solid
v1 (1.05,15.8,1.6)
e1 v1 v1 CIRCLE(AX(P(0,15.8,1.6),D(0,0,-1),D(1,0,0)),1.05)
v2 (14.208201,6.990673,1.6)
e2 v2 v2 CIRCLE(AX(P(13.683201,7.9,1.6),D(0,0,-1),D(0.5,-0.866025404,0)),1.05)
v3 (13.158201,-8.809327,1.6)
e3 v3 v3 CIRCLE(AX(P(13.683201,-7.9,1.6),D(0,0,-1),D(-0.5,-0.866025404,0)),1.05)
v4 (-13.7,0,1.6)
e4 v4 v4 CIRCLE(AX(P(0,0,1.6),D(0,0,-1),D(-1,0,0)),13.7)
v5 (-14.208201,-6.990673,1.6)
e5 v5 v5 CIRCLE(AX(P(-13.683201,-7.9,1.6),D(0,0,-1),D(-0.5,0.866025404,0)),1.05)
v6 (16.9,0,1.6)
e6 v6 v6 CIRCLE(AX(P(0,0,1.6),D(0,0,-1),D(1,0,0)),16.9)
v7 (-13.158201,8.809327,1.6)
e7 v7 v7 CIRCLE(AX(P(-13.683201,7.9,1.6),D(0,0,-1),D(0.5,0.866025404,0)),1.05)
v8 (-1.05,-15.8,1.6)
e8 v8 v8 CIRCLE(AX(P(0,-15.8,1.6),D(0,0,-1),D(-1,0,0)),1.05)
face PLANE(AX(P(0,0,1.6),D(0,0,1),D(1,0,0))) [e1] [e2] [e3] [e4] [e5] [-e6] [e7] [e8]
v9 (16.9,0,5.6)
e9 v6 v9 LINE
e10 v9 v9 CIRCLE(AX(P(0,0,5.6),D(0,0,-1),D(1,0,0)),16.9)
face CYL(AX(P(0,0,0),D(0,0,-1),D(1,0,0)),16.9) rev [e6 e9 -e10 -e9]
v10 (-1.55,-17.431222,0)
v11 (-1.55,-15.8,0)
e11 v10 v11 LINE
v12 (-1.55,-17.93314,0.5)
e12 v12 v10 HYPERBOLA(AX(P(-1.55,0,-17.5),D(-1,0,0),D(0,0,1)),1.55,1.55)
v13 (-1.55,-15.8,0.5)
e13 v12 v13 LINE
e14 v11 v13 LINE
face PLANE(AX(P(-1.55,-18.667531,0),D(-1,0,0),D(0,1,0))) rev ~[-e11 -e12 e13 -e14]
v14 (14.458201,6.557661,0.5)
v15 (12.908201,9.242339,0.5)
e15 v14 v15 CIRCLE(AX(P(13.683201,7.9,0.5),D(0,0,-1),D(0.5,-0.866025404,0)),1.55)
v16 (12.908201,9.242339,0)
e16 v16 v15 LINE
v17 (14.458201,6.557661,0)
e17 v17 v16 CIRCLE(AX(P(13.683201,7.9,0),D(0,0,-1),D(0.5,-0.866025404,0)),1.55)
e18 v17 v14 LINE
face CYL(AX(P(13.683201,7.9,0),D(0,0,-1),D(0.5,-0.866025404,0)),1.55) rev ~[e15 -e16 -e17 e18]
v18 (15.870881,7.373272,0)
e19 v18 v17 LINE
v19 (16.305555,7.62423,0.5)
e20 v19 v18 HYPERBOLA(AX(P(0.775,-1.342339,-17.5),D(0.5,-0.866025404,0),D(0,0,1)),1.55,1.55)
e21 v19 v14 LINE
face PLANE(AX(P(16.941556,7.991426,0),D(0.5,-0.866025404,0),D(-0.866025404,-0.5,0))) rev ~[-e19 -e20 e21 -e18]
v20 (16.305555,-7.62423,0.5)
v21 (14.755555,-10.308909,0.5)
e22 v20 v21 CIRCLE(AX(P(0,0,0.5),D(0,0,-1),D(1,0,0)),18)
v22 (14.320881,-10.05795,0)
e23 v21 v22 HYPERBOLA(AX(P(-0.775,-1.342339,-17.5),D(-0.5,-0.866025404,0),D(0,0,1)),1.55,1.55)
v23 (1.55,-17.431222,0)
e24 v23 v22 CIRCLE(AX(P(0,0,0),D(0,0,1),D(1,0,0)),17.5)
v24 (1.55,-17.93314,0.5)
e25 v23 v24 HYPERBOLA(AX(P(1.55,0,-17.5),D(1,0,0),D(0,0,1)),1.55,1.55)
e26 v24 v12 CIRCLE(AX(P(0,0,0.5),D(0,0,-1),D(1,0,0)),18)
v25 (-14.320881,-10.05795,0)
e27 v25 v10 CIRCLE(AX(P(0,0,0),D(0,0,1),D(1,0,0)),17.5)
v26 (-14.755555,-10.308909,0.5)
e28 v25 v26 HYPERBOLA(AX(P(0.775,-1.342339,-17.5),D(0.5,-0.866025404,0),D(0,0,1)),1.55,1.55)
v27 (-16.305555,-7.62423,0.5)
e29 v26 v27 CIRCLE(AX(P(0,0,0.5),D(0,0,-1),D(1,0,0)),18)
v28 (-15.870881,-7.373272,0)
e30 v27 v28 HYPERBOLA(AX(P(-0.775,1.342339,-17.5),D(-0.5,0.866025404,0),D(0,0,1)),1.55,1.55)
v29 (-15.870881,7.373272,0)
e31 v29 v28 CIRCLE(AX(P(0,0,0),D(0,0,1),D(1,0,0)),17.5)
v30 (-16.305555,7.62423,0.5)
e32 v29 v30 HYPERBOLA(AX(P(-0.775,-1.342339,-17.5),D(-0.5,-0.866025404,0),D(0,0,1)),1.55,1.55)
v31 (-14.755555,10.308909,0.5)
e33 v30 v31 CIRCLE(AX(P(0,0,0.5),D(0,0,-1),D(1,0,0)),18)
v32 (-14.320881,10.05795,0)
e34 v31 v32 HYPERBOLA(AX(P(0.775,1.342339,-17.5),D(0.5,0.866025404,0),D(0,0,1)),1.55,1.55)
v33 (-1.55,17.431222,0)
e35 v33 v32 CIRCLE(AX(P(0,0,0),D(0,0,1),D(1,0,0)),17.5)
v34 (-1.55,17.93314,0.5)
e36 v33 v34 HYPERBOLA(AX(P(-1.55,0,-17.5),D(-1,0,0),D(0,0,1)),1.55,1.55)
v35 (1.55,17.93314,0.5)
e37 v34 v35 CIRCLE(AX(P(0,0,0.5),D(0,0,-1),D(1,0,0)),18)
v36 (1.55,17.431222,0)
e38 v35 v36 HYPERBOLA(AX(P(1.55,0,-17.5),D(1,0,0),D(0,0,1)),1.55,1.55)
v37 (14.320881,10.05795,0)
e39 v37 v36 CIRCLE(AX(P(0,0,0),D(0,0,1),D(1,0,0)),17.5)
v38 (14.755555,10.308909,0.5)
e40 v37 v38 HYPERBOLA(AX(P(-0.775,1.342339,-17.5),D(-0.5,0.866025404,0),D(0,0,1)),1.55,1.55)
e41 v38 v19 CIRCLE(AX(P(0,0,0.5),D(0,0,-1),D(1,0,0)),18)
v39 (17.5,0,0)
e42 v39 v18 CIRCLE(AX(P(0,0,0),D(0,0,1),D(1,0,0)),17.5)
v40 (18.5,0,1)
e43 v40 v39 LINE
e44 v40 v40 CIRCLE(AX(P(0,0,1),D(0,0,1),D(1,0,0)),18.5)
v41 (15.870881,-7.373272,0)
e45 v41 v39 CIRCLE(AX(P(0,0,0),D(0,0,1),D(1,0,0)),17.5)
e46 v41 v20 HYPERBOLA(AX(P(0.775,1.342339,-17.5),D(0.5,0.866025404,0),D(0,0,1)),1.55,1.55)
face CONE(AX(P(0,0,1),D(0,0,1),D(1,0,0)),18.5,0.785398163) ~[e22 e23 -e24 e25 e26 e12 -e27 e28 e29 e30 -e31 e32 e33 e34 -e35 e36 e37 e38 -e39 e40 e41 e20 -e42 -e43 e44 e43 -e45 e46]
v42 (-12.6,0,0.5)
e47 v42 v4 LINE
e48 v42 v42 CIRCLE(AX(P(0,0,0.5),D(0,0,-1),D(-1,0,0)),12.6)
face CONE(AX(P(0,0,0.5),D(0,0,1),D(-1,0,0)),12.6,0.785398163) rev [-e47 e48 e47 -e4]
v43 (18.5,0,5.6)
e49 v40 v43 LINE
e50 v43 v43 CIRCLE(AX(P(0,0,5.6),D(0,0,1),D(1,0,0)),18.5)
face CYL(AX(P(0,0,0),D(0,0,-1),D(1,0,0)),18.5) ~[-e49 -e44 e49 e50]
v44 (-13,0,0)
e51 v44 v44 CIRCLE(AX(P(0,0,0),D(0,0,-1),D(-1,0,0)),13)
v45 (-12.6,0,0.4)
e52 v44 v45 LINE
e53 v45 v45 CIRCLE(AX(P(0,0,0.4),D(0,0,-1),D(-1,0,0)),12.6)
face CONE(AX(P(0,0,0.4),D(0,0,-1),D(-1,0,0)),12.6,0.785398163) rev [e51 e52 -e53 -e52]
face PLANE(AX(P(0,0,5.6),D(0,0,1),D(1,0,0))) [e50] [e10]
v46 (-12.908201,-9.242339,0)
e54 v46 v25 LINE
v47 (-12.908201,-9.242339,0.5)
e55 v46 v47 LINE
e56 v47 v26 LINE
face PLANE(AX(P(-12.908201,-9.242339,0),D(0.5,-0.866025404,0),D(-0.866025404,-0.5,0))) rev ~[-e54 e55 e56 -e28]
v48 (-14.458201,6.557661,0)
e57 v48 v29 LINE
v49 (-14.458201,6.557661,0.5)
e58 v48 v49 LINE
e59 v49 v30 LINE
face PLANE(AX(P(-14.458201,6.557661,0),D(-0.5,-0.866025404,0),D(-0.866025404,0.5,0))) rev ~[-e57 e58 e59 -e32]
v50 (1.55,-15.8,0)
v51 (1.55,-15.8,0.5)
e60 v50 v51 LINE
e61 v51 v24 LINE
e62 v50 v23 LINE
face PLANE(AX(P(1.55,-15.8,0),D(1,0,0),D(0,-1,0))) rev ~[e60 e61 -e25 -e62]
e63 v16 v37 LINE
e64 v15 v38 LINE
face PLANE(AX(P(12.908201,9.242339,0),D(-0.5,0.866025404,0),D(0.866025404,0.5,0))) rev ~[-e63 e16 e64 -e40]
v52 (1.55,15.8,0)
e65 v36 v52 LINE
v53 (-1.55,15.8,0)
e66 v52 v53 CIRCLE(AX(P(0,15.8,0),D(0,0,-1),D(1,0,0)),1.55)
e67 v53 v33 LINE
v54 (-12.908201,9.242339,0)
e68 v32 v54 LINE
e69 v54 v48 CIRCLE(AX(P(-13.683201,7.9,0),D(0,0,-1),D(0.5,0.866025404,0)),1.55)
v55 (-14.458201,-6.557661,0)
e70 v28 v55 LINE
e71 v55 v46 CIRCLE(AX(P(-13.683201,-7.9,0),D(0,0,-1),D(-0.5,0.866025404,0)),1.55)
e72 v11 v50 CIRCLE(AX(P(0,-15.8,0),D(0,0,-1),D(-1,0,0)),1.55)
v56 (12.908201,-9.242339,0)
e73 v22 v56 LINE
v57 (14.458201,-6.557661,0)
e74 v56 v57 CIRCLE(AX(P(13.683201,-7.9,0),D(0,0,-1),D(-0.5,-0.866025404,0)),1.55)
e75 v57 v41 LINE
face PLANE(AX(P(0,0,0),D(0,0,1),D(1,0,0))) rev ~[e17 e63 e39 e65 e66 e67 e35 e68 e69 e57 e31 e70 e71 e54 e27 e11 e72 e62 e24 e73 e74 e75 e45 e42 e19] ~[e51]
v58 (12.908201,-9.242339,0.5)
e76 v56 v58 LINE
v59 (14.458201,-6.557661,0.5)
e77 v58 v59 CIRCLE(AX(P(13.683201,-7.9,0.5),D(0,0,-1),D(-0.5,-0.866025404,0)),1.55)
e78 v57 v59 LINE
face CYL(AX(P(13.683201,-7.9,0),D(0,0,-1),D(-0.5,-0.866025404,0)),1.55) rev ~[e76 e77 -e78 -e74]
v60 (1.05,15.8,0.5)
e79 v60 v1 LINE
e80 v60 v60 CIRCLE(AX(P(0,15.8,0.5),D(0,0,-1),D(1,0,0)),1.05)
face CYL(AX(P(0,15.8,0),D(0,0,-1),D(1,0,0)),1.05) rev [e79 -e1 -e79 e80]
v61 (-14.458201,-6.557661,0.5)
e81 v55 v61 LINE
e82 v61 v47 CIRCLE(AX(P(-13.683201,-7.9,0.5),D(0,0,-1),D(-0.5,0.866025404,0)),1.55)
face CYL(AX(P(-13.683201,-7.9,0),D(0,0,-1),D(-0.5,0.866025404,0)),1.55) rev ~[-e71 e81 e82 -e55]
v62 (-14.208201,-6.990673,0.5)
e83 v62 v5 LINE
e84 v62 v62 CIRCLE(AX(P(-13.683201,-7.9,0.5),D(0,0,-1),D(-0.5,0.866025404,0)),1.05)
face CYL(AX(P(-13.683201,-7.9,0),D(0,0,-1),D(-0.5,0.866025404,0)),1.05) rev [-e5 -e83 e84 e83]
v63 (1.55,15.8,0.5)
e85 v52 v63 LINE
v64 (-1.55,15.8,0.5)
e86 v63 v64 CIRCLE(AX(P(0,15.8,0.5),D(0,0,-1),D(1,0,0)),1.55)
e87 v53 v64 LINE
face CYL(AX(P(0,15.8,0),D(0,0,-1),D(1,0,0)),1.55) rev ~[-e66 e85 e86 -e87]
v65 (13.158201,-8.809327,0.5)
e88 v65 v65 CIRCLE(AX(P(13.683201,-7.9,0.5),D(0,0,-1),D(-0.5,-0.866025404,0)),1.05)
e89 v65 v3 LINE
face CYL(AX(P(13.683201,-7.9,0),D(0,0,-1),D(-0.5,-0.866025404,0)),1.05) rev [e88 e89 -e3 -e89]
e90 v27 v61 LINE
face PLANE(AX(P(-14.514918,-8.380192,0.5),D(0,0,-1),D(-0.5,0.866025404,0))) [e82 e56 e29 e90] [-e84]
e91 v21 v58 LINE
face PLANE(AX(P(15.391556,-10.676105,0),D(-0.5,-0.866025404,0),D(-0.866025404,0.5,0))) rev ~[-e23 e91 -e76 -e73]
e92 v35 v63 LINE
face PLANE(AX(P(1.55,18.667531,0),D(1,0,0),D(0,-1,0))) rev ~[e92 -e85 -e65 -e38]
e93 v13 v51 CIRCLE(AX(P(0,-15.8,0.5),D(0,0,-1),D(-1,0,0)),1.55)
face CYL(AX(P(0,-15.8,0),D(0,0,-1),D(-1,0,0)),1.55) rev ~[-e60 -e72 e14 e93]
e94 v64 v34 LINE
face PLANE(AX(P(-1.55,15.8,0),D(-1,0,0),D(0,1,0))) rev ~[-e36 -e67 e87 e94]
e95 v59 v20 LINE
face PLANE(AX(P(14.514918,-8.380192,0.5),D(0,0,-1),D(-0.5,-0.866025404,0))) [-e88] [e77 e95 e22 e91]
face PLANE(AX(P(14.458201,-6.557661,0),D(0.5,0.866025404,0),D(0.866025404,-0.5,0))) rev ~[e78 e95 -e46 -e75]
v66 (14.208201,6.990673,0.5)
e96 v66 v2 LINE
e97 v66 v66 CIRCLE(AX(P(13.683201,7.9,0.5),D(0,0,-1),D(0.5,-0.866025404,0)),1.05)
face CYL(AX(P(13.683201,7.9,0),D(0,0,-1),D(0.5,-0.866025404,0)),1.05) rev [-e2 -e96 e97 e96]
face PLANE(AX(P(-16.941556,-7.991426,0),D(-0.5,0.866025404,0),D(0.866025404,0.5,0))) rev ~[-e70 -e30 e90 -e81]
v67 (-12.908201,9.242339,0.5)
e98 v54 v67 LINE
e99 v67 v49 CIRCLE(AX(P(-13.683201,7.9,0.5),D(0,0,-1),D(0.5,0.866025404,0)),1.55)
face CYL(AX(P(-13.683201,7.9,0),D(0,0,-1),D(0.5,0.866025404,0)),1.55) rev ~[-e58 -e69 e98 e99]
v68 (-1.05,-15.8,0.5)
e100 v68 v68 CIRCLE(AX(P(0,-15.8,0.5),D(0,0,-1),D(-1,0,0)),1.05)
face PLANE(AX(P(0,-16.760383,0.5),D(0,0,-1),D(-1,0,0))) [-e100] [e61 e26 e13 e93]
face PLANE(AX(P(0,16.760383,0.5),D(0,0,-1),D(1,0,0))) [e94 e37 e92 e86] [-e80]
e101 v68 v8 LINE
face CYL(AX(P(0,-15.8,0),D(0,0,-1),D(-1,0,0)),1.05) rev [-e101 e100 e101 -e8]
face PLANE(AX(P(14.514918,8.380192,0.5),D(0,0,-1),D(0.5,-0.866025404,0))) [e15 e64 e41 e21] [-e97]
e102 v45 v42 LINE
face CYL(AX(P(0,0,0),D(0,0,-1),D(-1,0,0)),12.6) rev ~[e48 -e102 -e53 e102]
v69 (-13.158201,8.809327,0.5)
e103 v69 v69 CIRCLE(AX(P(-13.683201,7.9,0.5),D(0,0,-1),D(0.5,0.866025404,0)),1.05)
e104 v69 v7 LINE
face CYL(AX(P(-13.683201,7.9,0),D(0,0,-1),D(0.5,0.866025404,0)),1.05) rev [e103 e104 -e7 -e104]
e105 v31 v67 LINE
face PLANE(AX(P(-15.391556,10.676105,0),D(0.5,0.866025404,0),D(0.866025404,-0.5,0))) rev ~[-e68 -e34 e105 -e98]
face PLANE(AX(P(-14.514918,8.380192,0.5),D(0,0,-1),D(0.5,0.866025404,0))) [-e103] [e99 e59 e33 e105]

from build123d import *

# Parameters (mm, degrees)
SKETCH1_R           = 18.5
BOSS_EXTRUDE1_DEPTH = 5.6
SHELL1_T            = -1.6
SKETCH2_R           = 12.6
CUT_EXTRUDE1_DEPTH  = 27.75556017
SKETCH3_R           = 1.05
CUT_EXTRUDE3_DEPTH  = 27.75556017
CIRPATTERN1_COUNT   = 6
CHAMFER1_SIZE       = 1
CUT_EXTRUDE4_DEPTH  = 0.5
CIRPATTERN2_COUNT   = 6
CHAMFER2_SIZE       = 0.4
CHAMFER3_SIZE       = 1.1


with BuildPart() as part:
    # Sketch1 → Boss-Extrude1 (new body)
    with BuildSketch(Plane.XY):
        Circle(SKETCH1_R)
    extrude(amount=BOSS_EXTRUDE1_DEPTH)

    # Shell1
    shell1_openings = [part.faces().sort_by_distance(p)[0] for p in [
        (0, 0, 5.6),
    ]]
    offset(amount=SHELL1_T, openings=shell1_openings, kind=Kind.INTERSECTION)

    # Sketch2 → Cut-Extrude1 (cut, through all)
    with BuildSketch(Plane(origin=(0, 0, 0), x_dir=(-1, 0, 0), z_dir=(0, 0, -1))):
        Circle(SKETCH2_R)
    extrude(amount=-CUT_EXTRUDE1_DEPTH, mode=Mode.SUBTRACT)

    # Sketch3 → Cut-Extrude3 (cut, through all)
    with BuildSketch(Plane.XY):
        with Locations((0, 15.8)):
            Circle(SKETCH3_R)
    cut_extrude3 = extrude(amount=CUT_EXTRUDE3_DEPTH, mode=Mode.SUBTRACT)

    # CirPattern1: Cut-Extrude3 ×6 about axis
    cirpattern1_axis = Axis((0, 0, 0), (0, 0, 1))
    for i in range(1, CIRPATTERN1_COUNT):
        add(cut_extrude3.rotate(cirpattern1_axis, i * 360 / CIRPATTERN1_COUNT), mode=Mode.SUBTRACT)

    # Chamfer1
    chamfer1_edges = [part.edges().sort_by_distance(p)[0] for p in [
        (-18.5, 0, 0),
    ]]
    chamfer(chamfer1_edges, length=CHAMFER1_SIZE)

    # Sketch4 → Cut-Extrude4 (cut)
    with BuildSketch(Plane(origin=(0, 0, 0), x_dir=(-1, 0, 0), z_dir=(0, 0, -1))):
        with BuildLine():
            Line((-1.55, -15.8), (-1.55, -18.667530629))
            Line((-1.55, -18.667530629), (1.55, -18.667530629))
            Line((1.55, -18.667530629), (1.55, -15.8))
            ThreePointArc((1.55, -15.8), (0, -14.25), (-1.55, -15.8))
        make_face()
    cut_extrude4 = extrude(amount=-CUT_EXTRUDE4_DEPTH, mode=Mode.SUBTRACT)

    # CirPattern2: Cut-Extrude4 ×6 about axis
    cirpattern2_axis = Axis((0, 0, 0), (0, 0, 1))
    for i in range(1, CIRPATTERN2_COUNT):
        add(cut_extrude4.rotate(cirpattern2_axis, i * 360 / CIRPATTERN2_COUNT), mode=Mode.SUBTRACT)

    # Chamfer2
    chamfer2_edges = [part.edges().sort_by_distance(p)[0] for p in [
        (12.6, 0, 0),
    ]]
    chamfer(chamfer2_edges, length=CHAMFER2_SIZE)

    # Chamfer3
    chamfer3_edges = [part.edges().sort_by_distance(p)[0] for p in [
        (12.6, 0, 1.6),
    ]]
    chamfer(chamfer3_edges, length=CHAMFER3_SIZE)


solid = part.part
